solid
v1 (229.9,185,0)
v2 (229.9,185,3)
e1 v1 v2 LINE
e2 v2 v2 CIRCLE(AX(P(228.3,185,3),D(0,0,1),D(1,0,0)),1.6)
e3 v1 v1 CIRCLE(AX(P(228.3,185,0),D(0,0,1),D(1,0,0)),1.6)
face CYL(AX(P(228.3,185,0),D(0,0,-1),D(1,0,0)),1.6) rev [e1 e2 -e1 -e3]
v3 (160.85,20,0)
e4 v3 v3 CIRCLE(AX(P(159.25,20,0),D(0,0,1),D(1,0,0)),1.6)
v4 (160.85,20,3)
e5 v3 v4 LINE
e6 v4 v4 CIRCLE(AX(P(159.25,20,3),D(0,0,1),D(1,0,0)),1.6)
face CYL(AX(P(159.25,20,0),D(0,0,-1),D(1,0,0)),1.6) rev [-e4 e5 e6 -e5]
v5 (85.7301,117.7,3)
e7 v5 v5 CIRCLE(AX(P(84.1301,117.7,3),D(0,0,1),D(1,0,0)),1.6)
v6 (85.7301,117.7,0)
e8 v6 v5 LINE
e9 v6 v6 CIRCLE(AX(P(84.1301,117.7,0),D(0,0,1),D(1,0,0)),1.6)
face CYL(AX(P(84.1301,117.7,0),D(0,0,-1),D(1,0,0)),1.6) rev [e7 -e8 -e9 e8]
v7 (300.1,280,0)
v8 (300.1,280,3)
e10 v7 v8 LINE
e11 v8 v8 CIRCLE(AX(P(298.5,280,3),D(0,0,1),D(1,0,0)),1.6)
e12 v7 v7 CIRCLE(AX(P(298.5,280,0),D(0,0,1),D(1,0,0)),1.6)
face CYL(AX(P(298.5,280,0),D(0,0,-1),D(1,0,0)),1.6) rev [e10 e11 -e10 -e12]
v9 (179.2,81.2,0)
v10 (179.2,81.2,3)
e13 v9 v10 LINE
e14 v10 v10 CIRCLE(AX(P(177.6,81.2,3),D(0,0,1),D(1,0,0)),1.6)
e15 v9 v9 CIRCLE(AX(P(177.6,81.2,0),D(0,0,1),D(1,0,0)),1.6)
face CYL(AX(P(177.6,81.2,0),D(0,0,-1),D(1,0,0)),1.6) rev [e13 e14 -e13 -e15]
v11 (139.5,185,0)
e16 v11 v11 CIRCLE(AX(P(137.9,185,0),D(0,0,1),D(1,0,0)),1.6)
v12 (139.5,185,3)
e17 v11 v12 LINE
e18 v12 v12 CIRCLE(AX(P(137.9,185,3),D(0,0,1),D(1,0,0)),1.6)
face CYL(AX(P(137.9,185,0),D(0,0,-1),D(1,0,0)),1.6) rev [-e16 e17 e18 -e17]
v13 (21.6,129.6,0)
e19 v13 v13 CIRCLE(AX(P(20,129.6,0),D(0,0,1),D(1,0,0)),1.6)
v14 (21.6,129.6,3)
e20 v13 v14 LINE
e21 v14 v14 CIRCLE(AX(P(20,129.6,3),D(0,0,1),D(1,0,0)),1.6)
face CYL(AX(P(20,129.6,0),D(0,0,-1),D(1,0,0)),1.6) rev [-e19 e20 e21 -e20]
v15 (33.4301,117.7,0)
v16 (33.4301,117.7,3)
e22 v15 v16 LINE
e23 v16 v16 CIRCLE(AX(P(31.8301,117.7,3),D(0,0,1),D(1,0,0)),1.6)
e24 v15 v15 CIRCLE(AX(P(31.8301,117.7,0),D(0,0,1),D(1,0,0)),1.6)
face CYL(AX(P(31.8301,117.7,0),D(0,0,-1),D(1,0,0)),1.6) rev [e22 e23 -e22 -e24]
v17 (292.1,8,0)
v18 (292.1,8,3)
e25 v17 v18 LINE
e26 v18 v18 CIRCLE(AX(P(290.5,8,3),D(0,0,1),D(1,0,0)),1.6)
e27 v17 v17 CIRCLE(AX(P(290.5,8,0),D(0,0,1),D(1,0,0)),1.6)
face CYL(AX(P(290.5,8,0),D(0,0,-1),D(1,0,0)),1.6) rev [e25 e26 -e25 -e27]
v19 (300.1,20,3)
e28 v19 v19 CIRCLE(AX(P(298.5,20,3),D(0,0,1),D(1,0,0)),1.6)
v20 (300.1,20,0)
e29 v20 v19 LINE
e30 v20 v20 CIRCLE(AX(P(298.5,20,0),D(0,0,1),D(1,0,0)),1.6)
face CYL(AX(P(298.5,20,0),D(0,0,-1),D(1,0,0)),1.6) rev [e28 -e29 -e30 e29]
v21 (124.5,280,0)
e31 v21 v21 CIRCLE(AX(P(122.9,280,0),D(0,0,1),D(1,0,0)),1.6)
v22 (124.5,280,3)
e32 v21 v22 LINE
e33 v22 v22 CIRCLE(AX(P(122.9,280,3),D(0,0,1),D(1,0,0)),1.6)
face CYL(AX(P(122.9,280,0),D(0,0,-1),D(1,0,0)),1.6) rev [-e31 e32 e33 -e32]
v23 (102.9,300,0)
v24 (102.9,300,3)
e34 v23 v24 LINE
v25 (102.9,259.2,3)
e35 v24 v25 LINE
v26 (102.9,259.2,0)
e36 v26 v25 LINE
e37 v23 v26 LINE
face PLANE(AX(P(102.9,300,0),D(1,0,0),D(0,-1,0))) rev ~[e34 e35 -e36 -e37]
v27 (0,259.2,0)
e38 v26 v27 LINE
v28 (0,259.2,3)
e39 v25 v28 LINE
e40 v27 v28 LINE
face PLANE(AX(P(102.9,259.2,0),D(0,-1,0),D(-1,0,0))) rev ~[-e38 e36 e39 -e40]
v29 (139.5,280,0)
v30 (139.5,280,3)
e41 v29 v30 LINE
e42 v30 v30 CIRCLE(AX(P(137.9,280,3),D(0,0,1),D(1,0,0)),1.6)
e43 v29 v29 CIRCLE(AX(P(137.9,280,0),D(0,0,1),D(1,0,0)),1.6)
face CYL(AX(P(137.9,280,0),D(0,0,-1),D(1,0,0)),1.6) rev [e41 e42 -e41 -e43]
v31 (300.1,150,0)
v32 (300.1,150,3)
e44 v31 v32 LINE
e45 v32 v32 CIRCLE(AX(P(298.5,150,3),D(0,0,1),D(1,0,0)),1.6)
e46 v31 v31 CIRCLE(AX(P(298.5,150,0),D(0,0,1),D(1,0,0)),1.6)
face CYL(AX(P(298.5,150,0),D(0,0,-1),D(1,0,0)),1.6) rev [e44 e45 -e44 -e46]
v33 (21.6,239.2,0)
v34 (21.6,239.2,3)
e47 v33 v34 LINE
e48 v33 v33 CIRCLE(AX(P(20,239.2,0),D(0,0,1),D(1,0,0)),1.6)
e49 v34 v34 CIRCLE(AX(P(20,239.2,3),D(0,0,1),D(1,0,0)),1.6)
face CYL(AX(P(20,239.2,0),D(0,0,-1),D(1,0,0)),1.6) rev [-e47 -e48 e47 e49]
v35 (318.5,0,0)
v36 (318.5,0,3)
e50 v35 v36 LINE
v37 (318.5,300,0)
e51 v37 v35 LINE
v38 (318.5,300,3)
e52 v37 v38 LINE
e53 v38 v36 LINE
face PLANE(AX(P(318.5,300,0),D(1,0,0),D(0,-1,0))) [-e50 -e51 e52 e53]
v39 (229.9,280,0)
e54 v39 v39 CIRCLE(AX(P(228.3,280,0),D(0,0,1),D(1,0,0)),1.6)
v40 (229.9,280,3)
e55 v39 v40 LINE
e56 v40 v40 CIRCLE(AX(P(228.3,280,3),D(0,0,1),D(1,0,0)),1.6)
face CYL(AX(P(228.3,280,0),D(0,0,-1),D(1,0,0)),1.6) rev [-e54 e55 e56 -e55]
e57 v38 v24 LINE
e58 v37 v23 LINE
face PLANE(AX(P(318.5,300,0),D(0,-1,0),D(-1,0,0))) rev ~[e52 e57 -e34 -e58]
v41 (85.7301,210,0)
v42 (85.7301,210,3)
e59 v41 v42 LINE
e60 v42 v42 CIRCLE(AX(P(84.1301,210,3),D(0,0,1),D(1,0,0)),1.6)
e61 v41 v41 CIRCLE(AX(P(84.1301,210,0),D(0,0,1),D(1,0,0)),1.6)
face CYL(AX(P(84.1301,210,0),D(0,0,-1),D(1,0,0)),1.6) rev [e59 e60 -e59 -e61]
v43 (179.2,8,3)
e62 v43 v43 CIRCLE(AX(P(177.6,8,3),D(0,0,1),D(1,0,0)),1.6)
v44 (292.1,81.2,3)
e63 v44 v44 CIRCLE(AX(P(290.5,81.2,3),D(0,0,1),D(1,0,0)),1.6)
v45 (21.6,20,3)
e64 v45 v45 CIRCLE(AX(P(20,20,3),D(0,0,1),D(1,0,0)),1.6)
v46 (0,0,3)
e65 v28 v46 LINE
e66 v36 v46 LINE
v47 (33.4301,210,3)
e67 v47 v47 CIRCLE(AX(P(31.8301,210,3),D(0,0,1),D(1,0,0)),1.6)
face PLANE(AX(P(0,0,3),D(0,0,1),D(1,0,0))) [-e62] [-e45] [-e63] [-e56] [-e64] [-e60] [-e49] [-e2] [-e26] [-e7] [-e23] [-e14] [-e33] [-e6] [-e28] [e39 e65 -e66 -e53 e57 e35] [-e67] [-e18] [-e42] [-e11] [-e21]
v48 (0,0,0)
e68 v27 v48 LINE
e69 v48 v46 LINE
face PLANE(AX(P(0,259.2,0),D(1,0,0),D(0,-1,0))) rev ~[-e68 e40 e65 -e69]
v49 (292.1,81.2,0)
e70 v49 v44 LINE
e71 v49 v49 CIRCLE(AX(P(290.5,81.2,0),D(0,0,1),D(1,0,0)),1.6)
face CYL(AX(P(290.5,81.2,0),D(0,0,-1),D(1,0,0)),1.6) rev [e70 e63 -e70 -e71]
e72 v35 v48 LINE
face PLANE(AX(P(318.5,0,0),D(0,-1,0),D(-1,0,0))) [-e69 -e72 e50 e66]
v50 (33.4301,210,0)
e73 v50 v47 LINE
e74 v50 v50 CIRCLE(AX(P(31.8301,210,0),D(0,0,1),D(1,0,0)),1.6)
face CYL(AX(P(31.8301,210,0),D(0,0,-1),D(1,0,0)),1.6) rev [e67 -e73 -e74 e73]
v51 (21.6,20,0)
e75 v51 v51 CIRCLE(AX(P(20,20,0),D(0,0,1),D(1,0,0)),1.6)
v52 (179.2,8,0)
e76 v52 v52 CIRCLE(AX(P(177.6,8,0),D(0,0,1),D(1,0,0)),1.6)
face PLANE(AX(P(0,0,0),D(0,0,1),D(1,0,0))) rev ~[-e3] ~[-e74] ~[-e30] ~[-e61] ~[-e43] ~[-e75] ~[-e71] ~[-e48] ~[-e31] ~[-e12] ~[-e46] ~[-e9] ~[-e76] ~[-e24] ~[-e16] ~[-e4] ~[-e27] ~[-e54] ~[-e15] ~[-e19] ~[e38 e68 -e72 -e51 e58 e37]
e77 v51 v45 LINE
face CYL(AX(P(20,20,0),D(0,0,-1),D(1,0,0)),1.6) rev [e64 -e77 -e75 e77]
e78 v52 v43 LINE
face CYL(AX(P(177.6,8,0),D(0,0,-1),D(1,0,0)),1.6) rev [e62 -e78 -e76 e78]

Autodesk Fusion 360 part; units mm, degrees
sketch "Sketch1" plane through (0, 0, 0) normal (0, 0, 1) x (1, 0, 0)
  line L0 (102.9, 300) -> (102.9, 259.2)
  line L1 (318.5, 0) -> (0, 0)
  line L2 (102.9, 259.2) -> (0, 259.2)
  line L3 (318.5, 300) -> (102.9, 300)
  line L4 (318.5, 300) -> (318.5, 0)
  line L5 (0, 259.2) -> (0, 0)
  circle A0 centre (298.5, 280) radius 1.6
  circle A1 centre (122.9, 280) radius 1.6
  circle A2 centre (298.5, 20) radius 1.6
  circle A3 centre (20, 239.2) radius 1.6
  circle A4 centre (20, 20) radius 1.6
  circle A5 centre (20, 129.6) radius 1.6
  circle A6 centre (298.5, 150) radius 1.6
  circle A7 centre (159.25, 20) radius 1.6
  circle A8 centre (137.9, 280) radius 1.6
  line L6 (137.9, 280) -> (228.3, 280) construction
  circle A9 centre (228.3, 280) radius 1.6
  line L7 (137.9, 280) -> (137.9, 185) construction
  circle A10 centre (137.9, 185) radius 1.6
  line L8 (137.9, 185) -> (228.3, 185) construction
  circle A11 centre (228.3, 185) radius 1.6
  circle A12 centre (31.8301, 210) radius 1.6
  line L9 (31.8301, 210) -> (84.1301, 210) construction
  circle A13 centre (84.1301, 210) radius 1.6
  line L10 (31.8301, 210) -> (31.8301, 117.7) construction
  circle A14 centre (31.8301, 117.7) radius 1.6
  line L11 (84.1301, 210) -> (84.1301, 117.7) construction
  circle A15 centre (84.1301, 117.7) radius 1.6
  circle A16 centre (290.5, 8) radius 1.6
  line L12 (290.5, 8) -> (290.5, 81.2) construction
  circle A17 centre (290.5, 81.2) radius 1.6
  line L13 (290.5, 8) -> (177.6, 8) construction
  circle A18 centre (177.6, 8) radius 1.6
  line L14 (177.6, 8) -> (177.6, 81.2) construction
  circle A19 centre (177.6, 81.2) radius 1.6
  dimension "d3" = 318.5
  dimension "d4" = 300
  dimension "d5" = 40.8
  dimension "d6" = 102.9
  dimension "d9" = 3.2
  dimension "d10" = 20
  dimension "d11" = 20
  dimension "d12" = 3.2
  dimension "d13" = 20
  dimension "d14" = 20
  dimension "d15" = 3.2
  dimension "d16" = 20
  dimension "d17" = 20
  dimension "d18" = 3.2
  dimension "d19" = 20
  dimension "d20" = 20
  dimension "d21" = 3.2
  dimension "d22" = 20
  dimension "d23" = 20
  dimension "d24" = 3.2
  dimension "d25" = 20
  dimension "d26" = 109.6
  dimension "d27" = 3.2
  dimension "d28" = 20
  dimension "d29" = 130
  dimension "d30" = 3.2
  dimension "d31" = 20
  dimension "d32" = 159.25
  dimension "d33" = 3.2
  dimension "d36" = 90.4
  dimension "d37" = 3.2
  dimension "d38" = 95
  dimension "d39" = 3.2
  dimension "d40" = 90.4
  dimension "d41" = 3.2
  dimension "d42" = 3.2
  dimension "d43" = 52.3
  dimension "d44" = 3.2
  dimension "d45" = 92.3
  dimension "d46" = 3.2
  dimension "d47" = 92.3
  dimension "d48" = 3.2
  dimension "d49" = 35
  dimension "d50" = 20
  dimension "d51" = 3.2
  dimension "d52" = 8
  dimension "d53" = 8
  dimension "d54" = 73.2
  dimension "d55" = 3.2
  dimension "d56" = 112.9
  dimension "d57" = 3.2
  dimension "d58" = 73.2
  dimension "d59" = 3.2
extrude "Extrude1" add sketch "Sketch1" along normal blind 3
sketch "Mounting plate laser cut" plane through (0, 0, 3) normal (0, 0, 1) x (-1, 0, 0)
  circle A0 centre (-20, -129.6) radius 1.6
  circle A1 centre (-298.5, -280) radius 1.6
  circle A2 centre (-298.5, -20) radius 1.6
  circle A3 centre (-159.25, -20) radius 1.6
  circle A4 centre (-137.9, -280) radius 1.6
  circle A5 centre (-228.3, -280) radius 1.6
  circle A6 centre (-298.5, -150) radius 1.6
  circle A7 centre (-137.9, -185) radius 1.6
  circle A8 centre (-177.6, -8) radius 1.6
  circle A9 centre (-20, -239.2) radius 1.6
  circle A10 centre (-290.5, -8) radius 1.6
  circle A11 centre (-228.3, -185) radius 1.6
  circle A12 centre (-177.6, -81.2) radius 1.6
  circle A13 centre (-31.8301, -117.7) radius 1.6
  circle A14 centre (-290.5, -81.2) radius 1.6
  circle A15 centre (-84.1301, -117.7) radius 1.6
  circle A16 centre (-122.9, -280) radius 1.6
  circle A17 centre (-31.8301, -210) radius 1.6
  circle A18 centre (-84.1301, -210) radius 1.6
  circle A19 centre (-20, -20) radius 1.6
  line L0 (-318.5, -300) -> (-102.9, -300)
  line L1 (-102.9, -300) -> (-102.9, -259.2)
  line L2 (-102.9, -259.2) -> (0, -259.2)
  line L3 (0, -259.2) -> (0, 0)
  line L4 (0, 0) -> (-318.5, 0)
  line L5 (-318.5, 0) -> (-318.5, -300)
equation "d26 = ( 219.2 / 2 ) * 1 mm"
equation "d29 = ( 260 / 2 ) * 1 mm"
equation "d32 = ( 318.5 / 2 ) * 1 mm"
